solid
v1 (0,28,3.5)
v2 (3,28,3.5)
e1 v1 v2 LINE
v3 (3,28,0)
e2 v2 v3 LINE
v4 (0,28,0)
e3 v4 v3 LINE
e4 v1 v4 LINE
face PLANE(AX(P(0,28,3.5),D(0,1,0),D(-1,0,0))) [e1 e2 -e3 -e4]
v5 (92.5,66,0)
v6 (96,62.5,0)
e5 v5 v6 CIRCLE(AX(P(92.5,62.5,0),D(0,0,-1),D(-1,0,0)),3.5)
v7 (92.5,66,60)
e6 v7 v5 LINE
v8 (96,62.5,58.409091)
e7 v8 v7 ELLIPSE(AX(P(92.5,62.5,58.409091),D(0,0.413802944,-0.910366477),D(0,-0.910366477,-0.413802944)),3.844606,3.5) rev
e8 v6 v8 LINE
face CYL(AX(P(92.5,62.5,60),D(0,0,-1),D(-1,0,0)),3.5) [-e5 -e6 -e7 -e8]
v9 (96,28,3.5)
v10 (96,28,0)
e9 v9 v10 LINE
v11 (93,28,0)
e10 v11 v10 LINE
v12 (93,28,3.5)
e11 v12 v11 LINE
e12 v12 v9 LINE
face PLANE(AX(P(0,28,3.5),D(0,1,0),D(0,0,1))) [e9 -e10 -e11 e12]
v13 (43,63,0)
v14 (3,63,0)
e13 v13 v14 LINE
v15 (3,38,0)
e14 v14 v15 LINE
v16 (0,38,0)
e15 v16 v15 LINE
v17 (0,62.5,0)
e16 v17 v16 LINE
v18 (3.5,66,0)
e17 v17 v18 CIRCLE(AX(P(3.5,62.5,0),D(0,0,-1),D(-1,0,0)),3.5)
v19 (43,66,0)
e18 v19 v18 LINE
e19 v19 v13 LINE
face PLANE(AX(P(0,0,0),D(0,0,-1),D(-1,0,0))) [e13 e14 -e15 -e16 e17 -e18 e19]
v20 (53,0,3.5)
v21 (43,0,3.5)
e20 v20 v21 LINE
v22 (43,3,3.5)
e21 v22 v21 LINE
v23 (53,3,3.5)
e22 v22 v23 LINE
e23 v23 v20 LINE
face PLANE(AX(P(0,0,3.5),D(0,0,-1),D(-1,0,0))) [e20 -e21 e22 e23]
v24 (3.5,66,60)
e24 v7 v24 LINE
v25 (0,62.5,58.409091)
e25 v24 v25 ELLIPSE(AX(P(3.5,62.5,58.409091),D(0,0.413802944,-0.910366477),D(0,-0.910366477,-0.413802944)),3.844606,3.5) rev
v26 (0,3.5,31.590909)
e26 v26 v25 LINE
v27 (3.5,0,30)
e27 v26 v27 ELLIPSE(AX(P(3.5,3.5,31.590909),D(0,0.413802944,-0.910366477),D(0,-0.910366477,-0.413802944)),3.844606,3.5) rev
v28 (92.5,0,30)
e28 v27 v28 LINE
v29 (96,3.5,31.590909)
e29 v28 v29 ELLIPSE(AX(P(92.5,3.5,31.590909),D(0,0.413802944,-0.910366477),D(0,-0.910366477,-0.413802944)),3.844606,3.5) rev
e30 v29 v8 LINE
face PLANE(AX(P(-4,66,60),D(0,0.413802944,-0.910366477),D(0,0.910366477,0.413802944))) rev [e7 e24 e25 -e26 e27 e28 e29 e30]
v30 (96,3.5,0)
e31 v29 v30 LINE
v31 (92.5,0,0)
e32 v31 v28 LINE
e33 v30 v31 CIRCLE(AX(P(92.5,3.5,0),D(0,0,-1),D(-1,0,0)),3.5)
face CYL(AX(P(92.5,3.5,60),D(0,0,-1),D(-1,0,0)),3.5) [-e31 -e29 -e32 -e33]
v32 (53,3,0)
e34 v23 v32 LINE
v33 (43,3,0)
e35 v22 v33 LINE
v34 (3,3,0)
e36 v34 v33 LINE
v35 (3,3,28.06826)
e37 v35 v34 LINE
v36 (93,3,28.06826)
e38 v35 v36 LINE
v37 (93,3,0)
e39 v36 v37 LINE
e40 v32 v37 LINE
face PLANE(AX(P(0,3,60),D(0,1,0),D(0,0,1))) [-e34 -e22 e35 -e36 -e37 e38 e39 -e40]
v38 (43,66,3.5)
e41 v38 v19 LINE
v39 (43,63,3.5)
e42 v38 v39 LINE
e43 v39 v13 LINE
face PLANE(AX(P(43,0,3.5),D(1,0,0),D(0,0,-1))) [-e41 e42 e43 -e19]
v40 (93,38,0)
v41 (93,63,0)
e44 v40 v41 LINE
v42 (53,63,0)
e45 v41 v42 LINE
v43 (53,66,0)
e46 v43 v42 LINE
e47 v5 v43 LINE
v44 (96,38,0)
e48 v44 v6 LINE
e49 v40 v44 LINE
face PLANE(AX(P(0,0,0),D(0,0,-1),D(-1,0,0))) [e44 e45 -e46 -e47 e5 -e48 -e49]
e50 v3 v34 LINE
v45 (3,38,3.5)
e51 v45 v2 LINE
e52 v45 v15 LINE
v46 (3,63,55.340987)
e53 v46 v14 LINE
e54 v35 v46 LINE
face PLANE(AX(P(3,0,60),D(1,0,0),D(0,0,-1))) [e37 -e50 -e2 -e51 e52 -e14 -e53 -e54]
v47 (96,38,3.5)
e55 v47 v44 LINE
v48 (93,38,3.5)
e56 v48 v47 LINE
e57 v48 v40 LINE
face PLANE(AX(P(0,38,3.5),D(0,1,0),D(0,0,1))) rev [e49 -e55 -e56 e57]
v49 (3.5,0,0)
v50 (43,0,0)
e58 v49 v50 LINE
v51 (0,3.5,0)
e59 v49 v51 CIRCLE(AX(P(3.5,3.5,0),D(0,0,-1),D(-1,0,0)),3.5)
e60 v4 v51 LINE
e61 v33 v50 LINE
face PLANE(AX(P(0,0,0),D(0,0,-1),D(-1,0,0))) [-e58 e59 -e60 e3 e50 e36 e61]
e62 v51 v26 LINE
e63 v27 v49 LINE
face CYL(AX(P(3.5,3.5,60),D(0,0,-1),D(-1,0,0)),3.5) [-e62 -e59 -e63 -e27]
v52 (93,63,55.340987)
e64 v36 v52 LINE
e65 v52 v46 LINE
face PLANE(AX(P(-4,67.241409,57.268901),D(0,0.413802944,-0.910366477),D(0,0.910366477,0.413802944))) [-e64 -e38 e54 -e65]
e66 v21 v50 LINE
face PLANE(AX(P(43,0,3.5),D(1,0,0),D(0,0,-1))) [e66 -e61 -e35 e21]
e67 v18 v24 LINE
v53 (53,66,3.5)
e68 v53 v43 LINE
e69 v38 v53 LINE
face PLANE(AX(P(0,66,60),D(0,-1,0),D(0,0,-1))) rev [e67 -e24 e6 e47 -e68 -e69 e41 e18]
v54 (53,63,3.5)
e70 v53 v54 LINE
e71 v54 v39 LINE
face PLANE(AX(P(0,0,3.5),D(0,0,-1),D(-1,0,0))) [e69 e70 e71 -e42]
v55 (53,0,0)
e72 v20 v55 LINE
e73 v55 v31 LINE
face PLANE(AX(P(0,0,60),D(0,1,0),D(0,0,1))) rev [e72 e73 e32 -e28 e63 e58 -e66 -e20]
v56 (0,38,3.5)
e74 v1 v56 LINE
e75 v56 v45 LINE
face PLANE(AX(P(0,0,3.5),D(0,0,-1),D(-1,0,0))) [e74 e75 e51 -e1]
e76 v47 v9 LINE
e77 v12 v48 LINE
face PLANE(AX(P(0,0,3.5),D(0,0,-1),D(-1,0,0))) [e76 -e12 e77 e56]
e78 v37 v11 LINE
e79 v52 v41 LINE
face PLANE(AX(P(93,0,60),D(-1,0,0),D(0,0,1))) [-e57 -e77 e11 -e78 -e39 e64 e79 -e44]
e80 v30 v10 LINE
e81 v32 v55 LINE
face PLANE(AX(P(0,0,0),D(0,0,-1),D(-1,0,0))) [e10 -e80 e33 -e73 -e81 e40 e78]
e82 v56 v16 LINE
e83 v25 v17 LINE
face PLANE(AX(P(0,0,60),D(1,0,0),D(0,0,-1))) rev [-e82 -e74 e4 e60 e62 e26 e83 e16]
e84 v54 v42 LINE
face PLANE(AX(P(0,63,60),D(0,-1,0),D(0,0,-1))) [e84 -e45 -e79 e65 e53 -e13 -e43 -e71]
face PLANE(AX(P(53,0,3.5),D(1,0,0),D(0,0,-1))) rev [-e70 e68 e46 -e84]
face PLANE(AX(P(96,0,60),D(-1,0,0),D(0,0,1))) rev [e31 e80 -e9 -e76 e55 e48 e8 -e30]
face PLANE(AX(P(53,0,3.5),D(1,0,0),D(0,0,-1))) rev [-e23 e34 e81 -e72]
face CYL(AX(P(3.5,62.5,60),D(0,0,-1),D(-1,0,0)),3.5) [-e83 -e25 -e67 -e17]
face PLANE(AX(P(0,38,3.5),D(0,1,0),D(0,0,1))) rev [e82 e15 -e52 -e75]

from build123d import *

# Parameters (mm, degrees)
CROQUIS1_W              = 96
CROQUIS1_H              = 66
SALIENTE_EXTRUIR1_DEPTH = 60
CORTAR_EXTRUIR1_DEPTH   = 100
VACIADO1_T              = -3
CROQUIS3_W              = 3
CROQUIS3_H              = 5
CROQUIS3_W_2            = 5
CROQUIS3_H_2            = 3
CROQUIS3_W_3            = 10
CROQUIS3_H_3            = 10
CORTAR_EXTRUIR2_DEPTH   = 3.5
REDONDEO1_R             = 3.5


with BuildPart() as part:
    # Croquis1 → Saliente-Extruir1 (new body)
    with BuildSketch(Plane.XY):
        with Locations((48, 33)):
            Rectangle(CROQUIS1_W, CROQUIS1_H)
    extrude(amount=SALIENTE_EXTRUIR1_DEPTH)

    # Croquis2 → Cortar-Extruir1 (cut)
    with BuildSketch(Plane(origin=(96, 0, 0), x_dir=(0, 0, -1), z_dir=(1, 0, 0))):
        Polygon((-60, 66), (-30, 0), (-60, 0), align=None)
    extrude(amount=-CORTAR_EXTRUIR1_DEPTH, mode=Mode.SUBTRACT)

    # Vaciado1
    vaciado1_openings = [part.faces().sort_by_distance(p)[0] for p in [
        (48, 33, 0),
    ]]
    offset(amount=VACIADO1_T, openings=vaciado1_openings, kind=Kind.INTERSECTION)

    # Croquis3 → Cortar-Extruir2 (cut)
    with BuildSketch(Plane(origin=(0, 0, 0), x_dir=(-1, 0, 0), z_dir=(0, 0, -1))):
        with Locations((-1.5, 35.5)):
            Rectangle(CROQUIS3_W, CROQUIS3_H)
        with Locations((-1.5, 30.5)):
            Rectangle(CROQUIS3_W, CROQUIS3_H)
        with Locations((-45.5, 64.5)):
            Rectangle(CROQUIS3_W_2, CROQUIS3_H_2)
        with Locations((-50.5, 64.5)):
            Rectangle(CROQUIS3_W_2, CROQUIS3_H_2)
        with Locations((-48, 1.5)):
            Rectangle(CROQUIS3_W_3, CROQUIS3_H_2)
        with Locations((-94.5, 33)):
            Rectangle(CROQUIS3_W, CROQUIS3_H_3)
    extrude(amount=-CORTAR_EXTRUIR2_DEPTH, mode=Mode.SUBTRACT)

    # Redondeo1
    redondeo1_edges = [part.edges().sort_by_distance(p)[0] for p in [
        (96, 0, 15),
        (0, 0, 15),
        (0, 66, 30),
        (96, 66, 30),
    ]]
    fillet(redondeo1_edges, radius=REDONDEO1_R)


solid = part.part
